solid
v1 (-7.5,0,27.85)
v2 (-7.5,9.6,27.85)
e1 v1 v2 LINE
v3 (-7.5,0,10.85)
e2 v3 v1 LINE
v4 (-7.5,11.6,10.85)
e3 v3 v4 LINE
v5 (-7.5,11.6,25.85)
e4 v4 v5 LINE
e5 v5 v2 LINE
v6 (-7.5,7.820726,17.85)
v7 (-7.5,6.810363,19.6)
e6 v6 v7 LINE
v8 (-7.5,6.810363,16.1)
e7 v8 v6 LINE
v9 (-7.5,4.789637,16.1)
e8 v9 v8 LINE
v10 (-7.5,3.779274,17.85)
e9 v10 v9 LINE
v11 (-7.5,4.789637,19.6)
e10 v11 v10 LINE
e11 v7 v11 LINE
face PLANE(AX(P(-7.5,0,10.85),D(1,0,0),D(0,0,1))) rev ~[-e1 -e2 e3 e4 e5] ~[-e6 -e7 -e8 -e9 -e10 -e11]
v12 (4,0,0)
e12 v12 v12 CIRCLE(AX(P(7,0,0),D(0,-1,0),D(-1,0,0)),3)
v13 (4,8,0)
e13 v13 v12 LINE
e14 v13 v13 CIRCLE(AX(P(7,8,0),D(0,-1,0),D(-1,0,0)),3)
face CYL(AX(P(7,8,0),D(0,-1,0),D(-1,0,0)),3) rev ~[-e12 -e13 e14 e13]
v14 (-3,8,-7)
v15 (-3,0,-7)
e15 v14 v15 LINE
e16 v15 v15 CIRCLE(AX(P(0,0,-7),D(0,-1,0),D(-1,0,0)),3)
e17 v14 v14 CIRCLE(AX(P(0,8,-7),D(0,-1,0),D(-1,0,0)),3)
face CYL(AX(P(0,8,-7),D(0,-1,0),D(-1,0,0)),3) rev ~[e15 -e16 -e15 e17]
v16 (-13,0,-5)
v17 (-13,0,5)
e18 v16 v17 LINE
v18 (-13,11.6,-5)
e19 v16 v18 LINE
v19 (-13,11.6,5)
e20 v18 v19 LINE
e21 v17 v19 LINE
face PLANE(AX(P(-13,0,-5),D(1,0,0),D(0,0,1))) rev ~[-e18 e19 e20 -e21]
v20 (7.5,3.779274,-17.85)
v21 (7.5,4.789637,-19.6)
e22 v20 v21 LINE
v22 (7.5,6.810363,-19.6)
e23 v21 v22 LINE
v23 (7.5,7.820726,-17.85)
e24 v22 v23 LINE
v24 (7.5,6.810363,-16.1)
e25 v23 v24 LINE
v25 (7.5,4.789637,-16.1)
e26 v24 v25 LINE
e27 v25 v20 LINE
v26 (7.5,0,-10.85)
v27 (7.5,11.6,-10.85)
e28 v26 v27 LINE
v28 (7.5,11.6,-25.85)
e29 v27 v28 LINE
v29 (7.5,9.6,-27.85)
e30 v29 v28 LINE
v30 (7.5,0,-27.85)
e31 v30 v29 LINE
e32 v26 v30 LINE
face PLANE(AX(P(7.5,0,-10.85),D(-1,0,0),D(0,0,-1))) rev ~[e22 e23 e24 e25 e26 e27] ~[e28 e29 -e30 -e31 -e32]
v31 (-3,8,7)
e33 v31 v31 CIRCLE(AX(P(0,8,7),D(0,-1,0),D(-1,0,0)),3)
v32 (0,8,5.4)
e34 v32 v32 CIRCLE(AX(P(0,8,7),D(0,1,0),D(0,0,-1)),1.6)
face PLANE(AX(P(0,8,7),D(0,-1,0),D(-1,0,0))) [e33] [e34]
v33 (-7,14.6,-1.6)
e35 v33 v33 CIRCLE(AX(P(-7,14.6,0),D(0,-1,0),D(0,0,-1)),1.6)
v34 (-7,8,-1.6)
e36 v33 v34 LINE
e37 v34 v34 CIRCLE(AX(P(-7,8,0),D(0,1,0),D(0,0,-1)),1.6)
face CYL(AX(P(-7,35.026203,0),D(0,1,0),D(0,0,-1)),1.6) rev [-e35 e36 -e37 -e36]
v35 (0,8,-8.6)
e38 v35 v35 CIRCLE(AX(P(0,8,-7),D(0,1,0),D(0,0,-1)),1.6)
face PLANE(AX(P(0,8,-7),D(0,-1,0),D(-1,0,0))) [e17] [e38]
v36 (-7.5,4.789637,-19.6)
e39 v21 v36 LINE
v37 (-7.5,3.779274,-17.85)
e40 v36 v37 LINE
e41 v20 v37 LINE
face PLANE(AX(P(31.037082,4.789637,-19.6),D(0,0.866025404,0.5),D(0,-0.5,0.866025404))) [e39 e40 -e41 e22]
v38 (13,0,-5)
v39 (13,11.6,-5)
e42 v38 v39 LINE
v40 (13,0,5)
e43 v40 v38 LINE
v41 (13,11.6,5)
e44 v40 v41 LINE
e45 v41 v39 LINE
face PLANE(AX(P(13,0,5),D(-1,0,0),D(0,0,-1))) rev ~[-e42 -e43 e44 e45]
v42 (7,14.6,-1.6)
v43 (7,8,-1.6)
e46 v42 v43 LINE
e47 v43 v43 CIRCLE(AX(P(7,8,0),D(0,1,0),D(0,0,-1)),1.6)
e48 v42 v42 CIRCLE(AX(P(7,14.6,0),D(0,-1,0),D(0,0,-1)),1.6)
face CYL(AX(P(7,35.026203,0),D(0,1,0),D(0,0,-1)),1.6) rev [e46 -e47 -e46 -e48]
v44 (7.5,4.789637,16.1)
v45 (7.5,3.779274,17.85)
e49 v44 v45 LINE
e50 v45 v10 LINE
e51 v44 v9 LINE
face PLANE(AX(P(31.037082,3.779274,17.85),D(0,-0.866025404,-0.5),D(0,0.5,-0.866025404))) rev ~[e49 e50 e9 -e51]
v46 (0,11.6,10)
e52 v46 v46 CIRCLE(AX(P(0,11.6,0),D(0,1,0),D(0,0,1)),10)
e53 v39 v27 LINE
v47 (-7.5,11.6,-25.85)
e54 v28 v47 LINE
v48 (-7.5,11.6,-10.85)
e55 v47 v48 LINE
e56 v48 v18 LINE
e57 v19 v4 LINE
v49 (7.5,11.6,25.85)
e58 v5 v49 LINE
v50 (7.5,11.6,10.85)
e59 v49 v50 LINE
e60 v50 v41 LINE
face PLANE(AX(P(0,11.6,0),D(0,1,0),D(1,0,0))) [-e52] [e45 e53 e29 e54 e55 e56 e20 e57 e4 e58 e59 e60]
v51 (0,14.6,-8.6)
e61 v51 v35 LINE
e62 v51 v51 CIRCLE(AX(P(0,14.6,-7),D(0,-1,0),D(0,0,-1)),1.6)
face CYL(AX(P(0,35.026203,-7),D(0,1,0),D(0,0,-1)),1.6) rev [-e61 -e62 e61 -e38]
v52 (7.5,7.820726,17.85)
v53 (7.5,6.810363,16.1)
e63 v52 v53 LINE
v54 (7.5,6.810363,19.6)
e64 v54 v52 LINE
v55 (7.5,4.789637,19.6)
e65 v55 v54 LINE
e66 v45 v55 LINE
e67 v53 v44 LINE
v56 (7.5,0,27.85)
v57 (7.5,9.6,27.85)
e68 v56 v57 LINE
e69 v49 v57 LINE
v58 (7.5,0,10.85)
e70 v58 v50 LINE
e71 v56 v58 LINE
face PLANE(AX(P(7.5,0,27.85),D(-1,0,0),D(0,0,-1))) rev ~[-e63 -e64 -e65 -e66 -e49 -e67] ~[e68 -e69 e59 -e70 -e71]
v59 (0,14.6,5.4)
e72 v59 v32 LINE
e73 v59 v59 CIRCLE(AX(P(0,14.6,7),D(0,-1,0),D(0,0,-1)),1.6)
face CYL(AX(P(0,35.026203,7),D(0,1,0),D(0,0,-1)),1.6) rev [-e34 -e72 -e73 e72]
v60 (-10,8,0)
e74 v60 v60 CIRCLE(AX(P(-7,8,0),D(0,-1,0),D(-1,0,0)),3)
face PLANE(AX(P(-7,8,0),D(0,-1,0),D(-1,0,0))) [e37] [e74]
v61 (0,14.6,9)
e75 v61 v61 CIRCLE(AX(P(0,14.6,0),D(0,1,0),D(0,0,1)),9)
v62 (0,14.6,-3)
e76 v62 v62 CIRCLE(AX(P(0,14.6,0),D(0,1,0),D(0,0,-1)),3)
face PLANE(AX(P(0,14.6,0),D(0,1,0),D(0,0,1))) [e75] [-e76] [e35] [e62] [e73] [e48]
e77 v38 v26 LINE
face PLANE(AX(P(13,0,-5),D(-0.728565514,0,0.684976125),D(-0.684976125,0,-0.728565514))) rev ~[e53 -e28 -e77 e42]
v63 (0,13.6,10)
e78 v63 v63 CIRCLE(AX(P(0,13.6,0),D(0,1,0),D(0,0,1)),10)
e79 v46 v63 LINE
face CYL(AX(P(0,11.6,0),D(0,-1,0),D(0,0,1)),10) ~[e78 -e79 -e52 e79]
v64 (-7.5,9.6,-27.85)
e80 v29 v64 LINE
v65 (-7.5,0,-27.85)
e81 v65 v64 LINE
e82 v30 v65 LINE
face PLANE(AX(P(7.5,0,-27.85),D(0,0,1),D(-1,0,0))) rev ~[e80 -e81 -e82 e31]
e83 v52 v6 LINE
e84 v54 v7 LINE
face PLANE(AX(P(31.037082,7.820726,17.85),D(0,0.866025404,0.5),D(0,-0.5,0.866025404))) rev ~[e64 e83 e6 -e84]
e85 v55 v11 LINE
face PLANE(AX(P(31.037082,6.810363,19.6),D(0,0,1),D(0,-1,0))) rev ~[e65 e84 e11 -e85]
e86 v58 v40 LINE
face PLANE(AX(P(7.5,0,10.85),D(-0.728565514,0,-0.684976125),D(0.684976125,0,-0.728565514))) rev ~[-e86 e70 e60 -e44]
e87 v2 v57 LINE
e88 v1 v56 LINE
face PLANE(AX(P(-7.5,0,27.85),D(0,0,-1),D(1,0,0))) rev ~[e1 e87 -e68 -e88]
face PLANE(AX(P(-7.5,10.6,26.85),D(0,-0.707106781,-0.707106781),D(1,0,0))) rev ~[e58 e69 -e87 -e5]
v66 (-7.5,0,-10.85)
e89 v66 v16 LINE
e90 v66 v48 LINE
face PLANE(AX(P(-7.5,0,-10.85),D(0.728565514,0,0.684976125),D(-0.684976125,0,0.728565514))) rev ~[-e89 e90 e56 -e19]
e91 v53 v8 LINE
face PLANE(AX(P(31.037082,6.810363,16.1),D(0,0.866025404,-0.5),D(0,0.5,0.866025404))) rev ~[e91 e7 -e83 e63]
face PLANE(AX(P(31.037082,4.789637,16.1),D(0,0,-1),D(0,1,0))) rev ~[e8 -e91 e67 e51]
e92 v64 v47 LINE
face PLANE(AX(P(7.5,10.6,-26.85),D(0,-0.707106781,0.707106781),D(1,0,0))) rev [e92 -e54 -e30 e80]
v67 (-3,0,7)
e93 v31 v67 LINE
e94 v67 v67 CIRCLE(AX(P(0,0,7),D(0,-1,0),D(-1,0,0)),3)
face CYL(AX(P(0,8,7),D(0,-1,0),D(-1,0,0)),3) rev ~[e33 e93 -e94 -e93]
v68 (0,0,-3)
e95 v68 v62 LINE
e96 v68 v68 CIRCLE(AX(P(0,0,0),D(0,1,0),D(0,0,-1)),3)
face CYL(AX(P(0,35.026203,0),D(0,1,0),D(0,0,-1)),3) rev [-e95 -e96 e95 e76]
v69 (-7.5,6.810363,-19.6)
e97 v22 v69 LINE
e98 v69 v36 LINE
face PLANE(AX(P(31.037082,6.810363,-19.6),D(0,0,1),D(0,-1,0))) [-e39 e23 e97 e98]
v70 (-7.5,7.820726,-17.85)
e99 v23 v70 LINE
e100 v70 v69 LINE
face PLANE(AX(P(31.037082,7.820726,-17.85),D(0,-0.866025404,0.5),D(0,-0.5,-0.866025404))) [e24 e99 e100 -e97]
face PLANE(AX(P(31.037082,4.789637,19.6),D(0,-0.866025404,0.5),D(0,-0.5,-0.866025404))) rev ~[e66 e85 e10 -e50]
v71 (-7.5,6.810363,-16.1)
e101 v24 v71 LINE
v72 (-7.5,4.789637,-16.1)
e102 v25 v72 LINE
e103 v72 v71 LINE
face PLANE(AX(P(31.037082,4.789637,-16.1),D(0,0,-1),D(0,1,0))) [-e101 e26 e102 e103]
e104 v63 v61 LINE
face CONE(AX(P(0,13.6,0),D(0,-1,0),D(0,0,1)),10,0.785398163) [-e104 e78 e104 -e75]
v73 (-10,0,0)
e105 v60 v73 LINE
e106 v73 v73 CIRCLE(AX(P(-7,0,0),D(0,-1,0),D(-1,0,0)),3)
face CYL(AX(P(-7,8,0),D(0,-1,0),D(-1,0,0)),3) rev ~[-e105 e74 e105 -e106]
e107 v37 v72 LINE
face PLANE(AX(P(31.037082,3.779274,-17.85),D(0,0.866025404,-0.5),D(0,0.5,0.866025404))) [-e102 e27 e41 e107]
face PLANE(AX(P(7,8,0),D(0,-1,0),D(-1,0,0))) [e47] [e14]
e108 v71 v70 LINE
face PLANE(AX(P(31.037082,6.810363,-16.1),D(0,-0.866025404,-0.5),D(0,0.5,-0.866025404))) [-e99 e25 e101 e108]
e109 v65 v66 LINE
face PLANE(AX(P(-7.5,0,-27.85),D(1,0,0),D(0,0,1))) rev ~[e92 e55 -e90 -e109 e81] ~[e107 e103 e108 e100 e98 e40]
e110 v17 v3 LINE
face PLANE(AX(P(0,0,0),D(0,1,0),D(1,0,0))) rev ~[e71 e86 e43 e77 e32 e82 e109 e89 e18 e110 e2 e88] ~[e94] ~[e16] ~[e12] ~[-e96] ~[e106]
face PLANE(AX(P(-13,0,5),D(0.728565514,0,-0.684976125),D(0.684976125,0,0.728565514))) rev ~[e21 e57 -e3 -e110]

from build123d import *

# Parameters (mm, degrees)
BOSS_EXTRU_1_DEPTH                                = 11.6
ESQUISSE2_R                                       = 10
BOSS_EXTRU_2_DEPTH                                = 3
ENL_V_MAT_EXTRU_1_DEPTH                           = 35.026203138
ENL_V_MAT_EXTRU_1_DEPTH_BACK                      = 35.026203138
ESQUISSE3_R                                       = 1.6
ESQUISSE3_R_2                                     = 3
CHAMBRAGE_POUR_VIS_SIX_PANS_CREUX_M41_D           = 3.2
CHAMBRAGE_POUR_VIS_SIX_PANS_CREUX_M41_CBORE_D     = 6
CHAMBRAGE_POUR_VIS_SIX_PANS_CREUX_M41_CBORE_DEPTH = 8
ENL_V_MAT_EXTRU_2_DEPTH                           = 38.537081666
ENL_V_MAT_EXTRU_2_DEPTH_BACK                      = 38.537081666
CHANFREIN1_SIZE                                   = 2
CHANFREIN2_SIZE                                   = 1


with BuildPart() as part:
    # Esquisse1 → Boss.-Extru.1 (new body)
    with BuildSketch(Plane(origin=(0, 0, 0), x_dir=(1, 0, 0), z_dir=(0, 1, 0))):
        Polygon((7.5, 27.85), (-7.5, 27.85), (-7.5, 10.85), (-13, 5), (-13, -5), (-7.5, -10.85), (-7.5, -27.85), (7.5, -27.85), (7.5, -10.85), (13, -5), (13, 5), (7.5, 10.85), align=None)
    extrude(amount=BOSS_EXTRU_1_DEPTH)

    # Esquisse2 → Boss.-Extru.2 (add)
    with BuildSketch(Plane(origin=(0, 11.6, 0), x_dir=(1, 0, 0), z_dir=(0, 1, 0))):
        with Locations(Location((0, 0, 0), (0, 0, 270))):
            Circle(ESQUISSE2_R)
    extrude(amount=BOSS_EXTRU_2_DEPTH)

    # Esquisse3 → Enlèv. mat.-Extru.1 (cut, two sides: drawn at the far end of the back side and taken through both)
    with BuildSketch(Plane.XZ.offset(-ENL_V_MAT_EXTRU_1_DEPTH_BACK)):
        with Locations(Location((0, 7, 0), (0, 0, 270))):
            Circle(ESQUISSE3_R)
        with Locations(Location((7, 0, 0), (0, 0, 270))):
            Circle(ESQUISSE3_R)
        with Locations(Location((0, -7, 0), (0, 0, 270))):
            Circle(ESQUISSE3_R)
        with Locations(Location((-7, 0, 0), (0, 0, 270))):
            Circle(ESQUISSE3_R)
        with Locations(Location((0, 0, 0), (0, 0, 270))):
            Circle(ESQUISSE3_R_2)
    extrude(amount=ENL_V_MAT_EXTRU_1_DEPTH + ENL_V_MAT_EXTRU_1_DEPTH_BACK, mode=Mode.SUBTRACT)

    # Chambrage pour vis à six pans creux M41 (through all)
    with Locations(Plane(origin=(0, 0, 0), x_dir=(-1, 0, 0), z_dir=(0, -1, 0))):
        with Locations((0, 0), (0, 7), (7, 0), (0, -7), (-7, 0)):
            CounterBoreHole(CHAMBRAGE_POUR_VIS_SIX_PANS_CREUX_M41_D / 2, CHAMBRAGE_POUR_VIS_SIX_PANS_CREUX_M41_CBORE_D / 2, CHAMBRAGE_POUR_VIS_SIX_PANS_CREUX_M41_CBORE_DEPTH)

    # Esquisse6 → Enlèv. mat.-Extru.2 (cut, two sides: drawn at the far end of the back side and taken through both)
    with BuildSketch(Plane.ZY.offset(7.5).offset(-ENL_V_MAT_EXTRU_2_DEPTH_BACK)):
        Polygon((16.1, 6.810362971), (17.85, 7.820725942), (19.6, 6.810362971), (19.6, 4.789637029), (17.85, 3.779274058), (16.1, 4.789637029), align=None)
        Polygon((-17.85, 7.820725942), (-19.6, 6.810362971), (-19.6, 4.789637029), (-17.85, 3.779274058), (-16.1, 4.789637029), (-16.1, 6.810362971), align=None)
    extrude(amount=ENL_V_MAT_EXTRU_2_DEPTH + ENL_V_MAT_EXTRU_2_DEPTH_BACK, mode=Mode.SUBTRACT)

    # Chanfrein1
    chanfrein1_edges = [part.edges().sort_by_distance(p)[0] for p in [
        (0, 11.6, 27.85),
        (0, 11.6, -27.85),
    ]]
    chamfer(chanfrein1_edges, length=CHANFREIN1_SIZE)

    # Chanfrein2
    chanfrein2_edges = [part.edges().sort_by_distance(p)[0] for p in [
        (0, 14.6, -10),
    ]]
    chamfer(chanfrein2_edges, length=CHANFREIN2_SIZE)


solid = part.part
